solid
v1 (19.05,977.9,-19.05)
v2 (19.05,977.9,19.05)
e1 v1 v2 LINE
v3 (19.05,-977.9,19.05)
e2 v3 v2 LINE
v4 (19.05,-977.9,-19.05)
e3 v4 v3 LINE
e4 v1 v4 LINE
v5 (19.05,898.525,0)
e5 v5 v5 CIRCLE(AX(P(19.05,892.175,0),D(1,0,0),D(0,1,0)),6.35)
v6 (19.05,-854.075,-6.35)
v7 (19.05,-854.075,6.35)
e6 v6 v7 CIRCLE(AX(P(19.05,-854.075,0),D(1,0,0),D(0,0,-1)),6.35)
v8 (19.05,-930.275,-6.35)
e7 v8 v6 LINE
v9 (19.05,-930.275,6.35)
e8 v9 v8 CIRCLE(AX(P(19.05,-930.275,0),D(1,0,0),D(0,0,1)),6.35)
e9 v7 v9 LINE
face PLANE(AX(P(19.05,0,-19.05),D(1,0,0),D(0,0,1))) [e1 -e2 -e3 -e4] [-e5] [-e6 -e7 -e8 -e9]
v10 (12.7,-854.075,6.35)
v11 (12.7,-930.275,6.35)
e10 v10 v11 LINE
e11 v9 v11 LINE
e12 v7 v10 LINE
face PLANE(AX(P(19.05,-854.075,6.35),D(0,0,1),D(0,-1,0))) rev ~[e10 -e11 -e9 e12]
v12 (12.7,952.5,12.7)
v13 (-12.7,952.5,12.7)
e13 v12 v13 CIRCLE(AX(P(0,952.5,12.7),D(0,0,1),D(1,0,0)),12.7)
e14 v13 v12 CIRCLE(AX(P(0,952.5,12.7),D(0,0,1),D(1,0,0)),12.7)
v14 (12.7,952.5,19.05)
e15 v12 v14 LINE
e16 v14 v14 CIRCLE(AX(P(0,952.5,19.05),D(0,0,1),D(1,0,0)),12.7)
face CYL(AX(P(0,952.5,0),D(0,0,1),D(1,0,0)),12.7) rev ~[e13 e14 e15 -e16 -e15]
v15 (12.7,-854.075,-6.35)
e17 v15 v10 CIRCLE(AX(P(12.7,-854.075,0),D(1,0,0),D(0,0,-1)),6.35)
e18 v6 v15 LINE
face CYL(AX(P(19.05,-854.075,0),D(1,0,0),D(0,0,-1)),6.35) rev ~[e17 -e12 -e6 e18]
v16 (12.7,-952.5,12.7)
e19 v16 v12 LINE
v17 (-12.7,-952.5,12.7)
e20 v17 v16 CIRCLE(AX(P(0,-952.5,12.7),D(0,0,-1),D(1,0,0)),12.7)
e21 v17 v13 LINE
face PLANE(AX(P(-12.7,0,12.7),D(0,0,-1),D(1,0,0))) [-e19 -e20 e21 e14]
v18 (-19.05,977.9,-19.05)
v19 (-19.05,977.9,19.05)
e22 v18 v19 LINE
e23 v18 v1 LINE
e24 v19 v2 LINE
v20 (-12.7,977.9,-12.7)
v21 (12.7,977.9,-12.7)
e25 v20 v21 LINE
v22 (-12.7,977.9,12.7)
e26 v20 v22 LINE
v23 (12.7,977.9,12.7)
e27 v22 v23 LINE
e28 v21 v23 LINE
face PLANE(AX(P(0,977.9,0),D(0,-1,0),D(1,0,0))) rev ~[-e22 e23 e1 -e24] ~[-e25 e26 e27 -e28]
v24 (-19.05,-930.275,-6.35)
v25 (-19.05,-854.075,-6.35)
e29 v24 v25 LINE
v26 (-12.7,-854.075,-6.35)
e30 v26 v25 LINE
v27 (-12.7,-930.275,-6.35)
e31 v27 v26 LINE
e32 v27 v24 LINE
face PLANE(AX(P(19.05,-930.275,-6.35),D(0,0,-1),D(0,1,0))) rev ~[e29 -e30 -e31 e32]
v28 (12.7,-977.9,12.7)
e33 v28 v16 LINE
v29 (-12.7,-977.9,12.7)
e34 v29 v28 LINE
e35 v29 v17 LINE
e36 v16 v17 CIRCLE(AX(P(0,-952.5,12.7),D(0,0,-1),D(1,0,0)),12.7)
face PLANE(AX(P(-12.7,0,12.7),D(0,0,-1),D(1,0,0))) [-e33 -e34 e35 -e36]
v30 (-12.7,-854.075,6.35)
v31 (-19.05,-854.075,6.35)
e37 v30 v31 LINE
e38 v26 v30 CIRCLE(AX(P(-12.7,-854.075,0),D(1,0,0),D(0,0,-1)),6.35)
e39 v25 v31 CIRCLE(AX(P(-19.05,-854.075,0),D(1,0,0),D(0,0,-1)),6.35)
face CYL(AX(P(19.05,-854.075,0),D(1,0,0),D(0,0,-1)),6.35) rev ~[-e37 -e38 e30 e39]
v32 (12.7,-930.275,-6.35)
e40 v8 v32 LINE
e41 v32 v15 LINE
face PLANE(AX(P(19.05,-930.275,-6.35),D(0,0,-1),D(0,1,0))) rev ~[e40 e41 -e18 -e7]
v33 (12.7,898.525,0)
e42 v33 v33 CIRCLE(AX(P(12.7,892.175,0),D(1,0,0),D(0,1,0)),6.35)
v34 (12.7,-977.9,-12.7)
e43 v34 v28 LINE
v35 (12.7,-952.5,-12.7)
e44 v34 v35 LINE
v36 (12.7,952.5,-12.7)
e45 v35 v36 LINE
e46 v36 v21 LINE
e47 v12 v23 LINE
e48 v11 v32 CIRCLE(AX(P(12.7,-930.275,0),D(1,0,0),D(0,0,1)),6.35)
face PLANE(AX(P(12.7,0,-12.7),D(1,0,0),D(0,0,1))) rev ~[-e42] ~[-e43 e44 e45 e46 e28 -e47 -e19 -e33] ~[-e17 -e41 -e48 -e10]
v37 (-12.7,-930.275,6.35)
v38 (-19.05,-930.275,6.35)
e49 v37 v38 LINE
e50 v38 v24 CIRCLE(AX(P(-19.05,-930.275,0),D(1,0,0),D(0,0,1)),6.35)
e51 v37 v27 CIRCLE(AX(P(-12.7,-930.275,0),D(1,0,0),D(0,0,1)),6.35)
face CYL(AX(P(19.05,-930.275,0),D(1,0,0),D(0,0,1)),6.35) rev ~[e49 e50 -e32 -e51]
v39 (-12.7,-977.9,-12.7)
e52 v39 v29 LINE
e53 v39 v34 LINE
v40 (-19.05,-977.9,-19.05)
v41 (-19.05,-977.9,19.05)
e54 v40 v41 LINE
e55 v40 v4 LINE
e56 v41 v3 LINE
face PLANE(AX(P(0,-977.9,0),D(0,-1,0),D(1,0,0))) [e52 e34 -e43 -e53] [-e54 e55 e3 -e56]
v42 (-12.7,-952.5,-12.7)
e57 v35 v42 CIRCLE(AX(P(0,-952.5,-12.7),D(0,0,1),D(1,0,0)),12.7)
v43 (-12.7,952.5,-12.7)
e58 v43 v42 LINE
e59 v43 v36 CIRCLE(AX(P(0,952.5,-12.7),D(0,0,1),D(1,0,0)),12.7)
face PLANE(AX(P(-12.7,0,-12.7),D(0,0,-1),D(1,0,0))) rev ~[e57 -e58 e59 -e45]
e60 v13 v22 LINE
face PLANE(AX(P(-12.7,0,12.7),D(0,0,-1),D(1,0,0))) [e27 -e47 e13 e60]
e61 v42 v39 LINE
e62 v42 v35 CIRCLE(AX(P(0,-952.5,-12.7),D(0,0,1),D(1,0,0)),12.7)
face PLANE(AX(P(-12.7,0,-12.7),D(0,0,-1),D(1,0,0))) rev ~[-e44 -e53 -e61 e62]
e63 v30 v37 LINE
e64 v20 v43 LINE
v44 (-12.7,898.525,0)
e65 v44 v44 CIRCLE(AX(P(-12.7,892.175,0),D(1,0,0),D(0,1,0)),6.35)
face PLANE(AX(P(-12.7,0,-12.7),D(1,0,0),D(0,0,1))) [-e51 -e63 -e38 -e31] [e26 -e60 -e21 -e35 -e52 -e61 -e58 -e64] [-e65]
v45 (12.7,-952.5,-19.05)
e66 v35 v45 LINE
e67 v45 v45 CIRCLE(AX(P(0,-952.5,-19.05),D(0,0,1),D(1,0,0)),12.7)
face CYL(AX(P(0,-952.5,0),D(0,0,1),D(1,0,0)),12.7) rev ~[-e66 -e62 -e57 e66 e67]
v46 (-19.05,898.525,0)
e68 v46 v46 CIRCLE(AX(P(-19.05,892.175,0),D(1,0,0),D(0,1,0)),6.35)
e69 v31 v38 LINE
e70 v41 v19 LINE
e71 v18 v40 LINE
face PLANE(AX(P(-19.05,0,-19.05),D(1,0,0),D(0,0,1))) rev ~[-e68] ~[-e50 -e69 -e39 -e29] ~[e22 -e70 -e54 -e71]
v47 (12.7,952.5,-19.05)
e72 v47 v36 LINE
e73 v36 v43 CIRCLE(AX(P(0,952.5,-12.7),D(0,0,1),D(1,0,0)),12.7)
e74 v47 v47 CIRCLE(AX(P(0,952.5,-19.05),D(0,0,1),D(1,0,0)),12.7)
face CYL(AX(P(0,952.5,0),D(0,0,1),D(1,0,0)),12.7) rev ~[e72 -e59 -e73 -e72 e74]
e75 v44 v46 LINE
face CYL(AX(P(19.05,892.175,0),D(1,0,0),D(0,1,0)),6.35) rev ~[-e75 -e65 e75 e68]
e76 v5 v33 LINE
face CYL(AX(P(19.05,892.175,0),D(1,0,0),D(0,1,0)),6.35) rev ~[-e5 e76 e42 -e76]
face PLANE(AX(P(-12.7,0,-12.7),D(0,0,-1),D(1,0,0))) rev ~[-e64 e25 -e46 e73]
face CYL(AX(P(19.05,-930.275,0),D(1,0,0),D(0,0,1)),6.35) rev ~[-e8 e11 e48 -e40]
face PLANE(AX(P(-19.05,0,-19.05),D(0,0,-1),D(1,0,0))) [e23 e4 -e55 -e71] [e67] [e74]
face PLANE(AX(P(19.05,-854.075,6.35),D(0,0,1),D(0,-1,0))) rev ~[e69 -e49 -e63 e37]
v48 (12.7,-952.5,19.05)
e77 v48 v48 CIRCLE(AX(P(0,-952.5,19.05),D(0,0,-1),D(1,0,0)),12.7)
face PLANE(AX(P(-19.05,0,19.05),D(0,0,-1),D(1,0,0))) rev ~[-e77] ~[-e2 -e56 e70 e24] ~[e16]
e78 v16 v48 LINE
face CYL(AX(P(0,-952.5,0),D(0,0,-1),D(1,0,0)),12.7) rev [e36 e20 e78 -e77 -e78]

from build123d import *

# Parameters (mm, degrees)
F0_W     = 38.1
F0_H     = 38.1
F0_W_2   = 25.4
F0_H_2   = 25.4
F1_DEPTH = 977.9
F2_R     = 12.7
F3_DEPTH = 317.5
F4_R     = 6.35
F5_DEPTH = 76.2
F7_DEPTH = 50.8


with BuildPart() as f1:
    # F0 (on Front) → F1 (new body, symmetric)
    with BuildSketch(Plane.XZ):
        Rectangle(F0_W, F0_H)
        Rectangle(F0_W_2, F0_H_2, mode=Mode.SUBTRACT)
    extrude(amount=F1_DEPTH, both=True)

    # F2 (on Top) → F3 (cut, symmetric)
    with BuildSketch(Plane.XY):
        with Locations((0, -952.5)):
            Circle(F2_R)
        with Locations((0, 952.5)):
            Circle(F2_R)
    extrude(amount=F3_DEPTH, both=True, mode=Mode.SUBTRACT)

    # F4 (on face) → F5 (cut)
    with BuildSketch(Plane.YZ.offset(19.05)):
        with Locations((892.175, 0)):
            Circle(F4_R)
    extrude(amount=-F5_DEPTH, mode=Mode.SUBTRACT)

    # F6 (on face) → F7 (cut)
    with BuildSketch(Plane.YZ.offset(19.05)):
        with BuildLine():
            Line((-854.075, 6.35), (-930.275, 6.35))
            ThreePointArc((-930.275, 6.35), (-936.625, 0), (-930.275, -6.35))
            Line((-930.275, -6.35), (-854.075, -6.35))
            ThreePointArc((-854.075, -6.35), (-847.725, 0), (-854.075, 6.35))
        make_face()
    extrude(amount=-F7_DEPTH, mode=Mode.SUBTRACT)


solid = f1.part
